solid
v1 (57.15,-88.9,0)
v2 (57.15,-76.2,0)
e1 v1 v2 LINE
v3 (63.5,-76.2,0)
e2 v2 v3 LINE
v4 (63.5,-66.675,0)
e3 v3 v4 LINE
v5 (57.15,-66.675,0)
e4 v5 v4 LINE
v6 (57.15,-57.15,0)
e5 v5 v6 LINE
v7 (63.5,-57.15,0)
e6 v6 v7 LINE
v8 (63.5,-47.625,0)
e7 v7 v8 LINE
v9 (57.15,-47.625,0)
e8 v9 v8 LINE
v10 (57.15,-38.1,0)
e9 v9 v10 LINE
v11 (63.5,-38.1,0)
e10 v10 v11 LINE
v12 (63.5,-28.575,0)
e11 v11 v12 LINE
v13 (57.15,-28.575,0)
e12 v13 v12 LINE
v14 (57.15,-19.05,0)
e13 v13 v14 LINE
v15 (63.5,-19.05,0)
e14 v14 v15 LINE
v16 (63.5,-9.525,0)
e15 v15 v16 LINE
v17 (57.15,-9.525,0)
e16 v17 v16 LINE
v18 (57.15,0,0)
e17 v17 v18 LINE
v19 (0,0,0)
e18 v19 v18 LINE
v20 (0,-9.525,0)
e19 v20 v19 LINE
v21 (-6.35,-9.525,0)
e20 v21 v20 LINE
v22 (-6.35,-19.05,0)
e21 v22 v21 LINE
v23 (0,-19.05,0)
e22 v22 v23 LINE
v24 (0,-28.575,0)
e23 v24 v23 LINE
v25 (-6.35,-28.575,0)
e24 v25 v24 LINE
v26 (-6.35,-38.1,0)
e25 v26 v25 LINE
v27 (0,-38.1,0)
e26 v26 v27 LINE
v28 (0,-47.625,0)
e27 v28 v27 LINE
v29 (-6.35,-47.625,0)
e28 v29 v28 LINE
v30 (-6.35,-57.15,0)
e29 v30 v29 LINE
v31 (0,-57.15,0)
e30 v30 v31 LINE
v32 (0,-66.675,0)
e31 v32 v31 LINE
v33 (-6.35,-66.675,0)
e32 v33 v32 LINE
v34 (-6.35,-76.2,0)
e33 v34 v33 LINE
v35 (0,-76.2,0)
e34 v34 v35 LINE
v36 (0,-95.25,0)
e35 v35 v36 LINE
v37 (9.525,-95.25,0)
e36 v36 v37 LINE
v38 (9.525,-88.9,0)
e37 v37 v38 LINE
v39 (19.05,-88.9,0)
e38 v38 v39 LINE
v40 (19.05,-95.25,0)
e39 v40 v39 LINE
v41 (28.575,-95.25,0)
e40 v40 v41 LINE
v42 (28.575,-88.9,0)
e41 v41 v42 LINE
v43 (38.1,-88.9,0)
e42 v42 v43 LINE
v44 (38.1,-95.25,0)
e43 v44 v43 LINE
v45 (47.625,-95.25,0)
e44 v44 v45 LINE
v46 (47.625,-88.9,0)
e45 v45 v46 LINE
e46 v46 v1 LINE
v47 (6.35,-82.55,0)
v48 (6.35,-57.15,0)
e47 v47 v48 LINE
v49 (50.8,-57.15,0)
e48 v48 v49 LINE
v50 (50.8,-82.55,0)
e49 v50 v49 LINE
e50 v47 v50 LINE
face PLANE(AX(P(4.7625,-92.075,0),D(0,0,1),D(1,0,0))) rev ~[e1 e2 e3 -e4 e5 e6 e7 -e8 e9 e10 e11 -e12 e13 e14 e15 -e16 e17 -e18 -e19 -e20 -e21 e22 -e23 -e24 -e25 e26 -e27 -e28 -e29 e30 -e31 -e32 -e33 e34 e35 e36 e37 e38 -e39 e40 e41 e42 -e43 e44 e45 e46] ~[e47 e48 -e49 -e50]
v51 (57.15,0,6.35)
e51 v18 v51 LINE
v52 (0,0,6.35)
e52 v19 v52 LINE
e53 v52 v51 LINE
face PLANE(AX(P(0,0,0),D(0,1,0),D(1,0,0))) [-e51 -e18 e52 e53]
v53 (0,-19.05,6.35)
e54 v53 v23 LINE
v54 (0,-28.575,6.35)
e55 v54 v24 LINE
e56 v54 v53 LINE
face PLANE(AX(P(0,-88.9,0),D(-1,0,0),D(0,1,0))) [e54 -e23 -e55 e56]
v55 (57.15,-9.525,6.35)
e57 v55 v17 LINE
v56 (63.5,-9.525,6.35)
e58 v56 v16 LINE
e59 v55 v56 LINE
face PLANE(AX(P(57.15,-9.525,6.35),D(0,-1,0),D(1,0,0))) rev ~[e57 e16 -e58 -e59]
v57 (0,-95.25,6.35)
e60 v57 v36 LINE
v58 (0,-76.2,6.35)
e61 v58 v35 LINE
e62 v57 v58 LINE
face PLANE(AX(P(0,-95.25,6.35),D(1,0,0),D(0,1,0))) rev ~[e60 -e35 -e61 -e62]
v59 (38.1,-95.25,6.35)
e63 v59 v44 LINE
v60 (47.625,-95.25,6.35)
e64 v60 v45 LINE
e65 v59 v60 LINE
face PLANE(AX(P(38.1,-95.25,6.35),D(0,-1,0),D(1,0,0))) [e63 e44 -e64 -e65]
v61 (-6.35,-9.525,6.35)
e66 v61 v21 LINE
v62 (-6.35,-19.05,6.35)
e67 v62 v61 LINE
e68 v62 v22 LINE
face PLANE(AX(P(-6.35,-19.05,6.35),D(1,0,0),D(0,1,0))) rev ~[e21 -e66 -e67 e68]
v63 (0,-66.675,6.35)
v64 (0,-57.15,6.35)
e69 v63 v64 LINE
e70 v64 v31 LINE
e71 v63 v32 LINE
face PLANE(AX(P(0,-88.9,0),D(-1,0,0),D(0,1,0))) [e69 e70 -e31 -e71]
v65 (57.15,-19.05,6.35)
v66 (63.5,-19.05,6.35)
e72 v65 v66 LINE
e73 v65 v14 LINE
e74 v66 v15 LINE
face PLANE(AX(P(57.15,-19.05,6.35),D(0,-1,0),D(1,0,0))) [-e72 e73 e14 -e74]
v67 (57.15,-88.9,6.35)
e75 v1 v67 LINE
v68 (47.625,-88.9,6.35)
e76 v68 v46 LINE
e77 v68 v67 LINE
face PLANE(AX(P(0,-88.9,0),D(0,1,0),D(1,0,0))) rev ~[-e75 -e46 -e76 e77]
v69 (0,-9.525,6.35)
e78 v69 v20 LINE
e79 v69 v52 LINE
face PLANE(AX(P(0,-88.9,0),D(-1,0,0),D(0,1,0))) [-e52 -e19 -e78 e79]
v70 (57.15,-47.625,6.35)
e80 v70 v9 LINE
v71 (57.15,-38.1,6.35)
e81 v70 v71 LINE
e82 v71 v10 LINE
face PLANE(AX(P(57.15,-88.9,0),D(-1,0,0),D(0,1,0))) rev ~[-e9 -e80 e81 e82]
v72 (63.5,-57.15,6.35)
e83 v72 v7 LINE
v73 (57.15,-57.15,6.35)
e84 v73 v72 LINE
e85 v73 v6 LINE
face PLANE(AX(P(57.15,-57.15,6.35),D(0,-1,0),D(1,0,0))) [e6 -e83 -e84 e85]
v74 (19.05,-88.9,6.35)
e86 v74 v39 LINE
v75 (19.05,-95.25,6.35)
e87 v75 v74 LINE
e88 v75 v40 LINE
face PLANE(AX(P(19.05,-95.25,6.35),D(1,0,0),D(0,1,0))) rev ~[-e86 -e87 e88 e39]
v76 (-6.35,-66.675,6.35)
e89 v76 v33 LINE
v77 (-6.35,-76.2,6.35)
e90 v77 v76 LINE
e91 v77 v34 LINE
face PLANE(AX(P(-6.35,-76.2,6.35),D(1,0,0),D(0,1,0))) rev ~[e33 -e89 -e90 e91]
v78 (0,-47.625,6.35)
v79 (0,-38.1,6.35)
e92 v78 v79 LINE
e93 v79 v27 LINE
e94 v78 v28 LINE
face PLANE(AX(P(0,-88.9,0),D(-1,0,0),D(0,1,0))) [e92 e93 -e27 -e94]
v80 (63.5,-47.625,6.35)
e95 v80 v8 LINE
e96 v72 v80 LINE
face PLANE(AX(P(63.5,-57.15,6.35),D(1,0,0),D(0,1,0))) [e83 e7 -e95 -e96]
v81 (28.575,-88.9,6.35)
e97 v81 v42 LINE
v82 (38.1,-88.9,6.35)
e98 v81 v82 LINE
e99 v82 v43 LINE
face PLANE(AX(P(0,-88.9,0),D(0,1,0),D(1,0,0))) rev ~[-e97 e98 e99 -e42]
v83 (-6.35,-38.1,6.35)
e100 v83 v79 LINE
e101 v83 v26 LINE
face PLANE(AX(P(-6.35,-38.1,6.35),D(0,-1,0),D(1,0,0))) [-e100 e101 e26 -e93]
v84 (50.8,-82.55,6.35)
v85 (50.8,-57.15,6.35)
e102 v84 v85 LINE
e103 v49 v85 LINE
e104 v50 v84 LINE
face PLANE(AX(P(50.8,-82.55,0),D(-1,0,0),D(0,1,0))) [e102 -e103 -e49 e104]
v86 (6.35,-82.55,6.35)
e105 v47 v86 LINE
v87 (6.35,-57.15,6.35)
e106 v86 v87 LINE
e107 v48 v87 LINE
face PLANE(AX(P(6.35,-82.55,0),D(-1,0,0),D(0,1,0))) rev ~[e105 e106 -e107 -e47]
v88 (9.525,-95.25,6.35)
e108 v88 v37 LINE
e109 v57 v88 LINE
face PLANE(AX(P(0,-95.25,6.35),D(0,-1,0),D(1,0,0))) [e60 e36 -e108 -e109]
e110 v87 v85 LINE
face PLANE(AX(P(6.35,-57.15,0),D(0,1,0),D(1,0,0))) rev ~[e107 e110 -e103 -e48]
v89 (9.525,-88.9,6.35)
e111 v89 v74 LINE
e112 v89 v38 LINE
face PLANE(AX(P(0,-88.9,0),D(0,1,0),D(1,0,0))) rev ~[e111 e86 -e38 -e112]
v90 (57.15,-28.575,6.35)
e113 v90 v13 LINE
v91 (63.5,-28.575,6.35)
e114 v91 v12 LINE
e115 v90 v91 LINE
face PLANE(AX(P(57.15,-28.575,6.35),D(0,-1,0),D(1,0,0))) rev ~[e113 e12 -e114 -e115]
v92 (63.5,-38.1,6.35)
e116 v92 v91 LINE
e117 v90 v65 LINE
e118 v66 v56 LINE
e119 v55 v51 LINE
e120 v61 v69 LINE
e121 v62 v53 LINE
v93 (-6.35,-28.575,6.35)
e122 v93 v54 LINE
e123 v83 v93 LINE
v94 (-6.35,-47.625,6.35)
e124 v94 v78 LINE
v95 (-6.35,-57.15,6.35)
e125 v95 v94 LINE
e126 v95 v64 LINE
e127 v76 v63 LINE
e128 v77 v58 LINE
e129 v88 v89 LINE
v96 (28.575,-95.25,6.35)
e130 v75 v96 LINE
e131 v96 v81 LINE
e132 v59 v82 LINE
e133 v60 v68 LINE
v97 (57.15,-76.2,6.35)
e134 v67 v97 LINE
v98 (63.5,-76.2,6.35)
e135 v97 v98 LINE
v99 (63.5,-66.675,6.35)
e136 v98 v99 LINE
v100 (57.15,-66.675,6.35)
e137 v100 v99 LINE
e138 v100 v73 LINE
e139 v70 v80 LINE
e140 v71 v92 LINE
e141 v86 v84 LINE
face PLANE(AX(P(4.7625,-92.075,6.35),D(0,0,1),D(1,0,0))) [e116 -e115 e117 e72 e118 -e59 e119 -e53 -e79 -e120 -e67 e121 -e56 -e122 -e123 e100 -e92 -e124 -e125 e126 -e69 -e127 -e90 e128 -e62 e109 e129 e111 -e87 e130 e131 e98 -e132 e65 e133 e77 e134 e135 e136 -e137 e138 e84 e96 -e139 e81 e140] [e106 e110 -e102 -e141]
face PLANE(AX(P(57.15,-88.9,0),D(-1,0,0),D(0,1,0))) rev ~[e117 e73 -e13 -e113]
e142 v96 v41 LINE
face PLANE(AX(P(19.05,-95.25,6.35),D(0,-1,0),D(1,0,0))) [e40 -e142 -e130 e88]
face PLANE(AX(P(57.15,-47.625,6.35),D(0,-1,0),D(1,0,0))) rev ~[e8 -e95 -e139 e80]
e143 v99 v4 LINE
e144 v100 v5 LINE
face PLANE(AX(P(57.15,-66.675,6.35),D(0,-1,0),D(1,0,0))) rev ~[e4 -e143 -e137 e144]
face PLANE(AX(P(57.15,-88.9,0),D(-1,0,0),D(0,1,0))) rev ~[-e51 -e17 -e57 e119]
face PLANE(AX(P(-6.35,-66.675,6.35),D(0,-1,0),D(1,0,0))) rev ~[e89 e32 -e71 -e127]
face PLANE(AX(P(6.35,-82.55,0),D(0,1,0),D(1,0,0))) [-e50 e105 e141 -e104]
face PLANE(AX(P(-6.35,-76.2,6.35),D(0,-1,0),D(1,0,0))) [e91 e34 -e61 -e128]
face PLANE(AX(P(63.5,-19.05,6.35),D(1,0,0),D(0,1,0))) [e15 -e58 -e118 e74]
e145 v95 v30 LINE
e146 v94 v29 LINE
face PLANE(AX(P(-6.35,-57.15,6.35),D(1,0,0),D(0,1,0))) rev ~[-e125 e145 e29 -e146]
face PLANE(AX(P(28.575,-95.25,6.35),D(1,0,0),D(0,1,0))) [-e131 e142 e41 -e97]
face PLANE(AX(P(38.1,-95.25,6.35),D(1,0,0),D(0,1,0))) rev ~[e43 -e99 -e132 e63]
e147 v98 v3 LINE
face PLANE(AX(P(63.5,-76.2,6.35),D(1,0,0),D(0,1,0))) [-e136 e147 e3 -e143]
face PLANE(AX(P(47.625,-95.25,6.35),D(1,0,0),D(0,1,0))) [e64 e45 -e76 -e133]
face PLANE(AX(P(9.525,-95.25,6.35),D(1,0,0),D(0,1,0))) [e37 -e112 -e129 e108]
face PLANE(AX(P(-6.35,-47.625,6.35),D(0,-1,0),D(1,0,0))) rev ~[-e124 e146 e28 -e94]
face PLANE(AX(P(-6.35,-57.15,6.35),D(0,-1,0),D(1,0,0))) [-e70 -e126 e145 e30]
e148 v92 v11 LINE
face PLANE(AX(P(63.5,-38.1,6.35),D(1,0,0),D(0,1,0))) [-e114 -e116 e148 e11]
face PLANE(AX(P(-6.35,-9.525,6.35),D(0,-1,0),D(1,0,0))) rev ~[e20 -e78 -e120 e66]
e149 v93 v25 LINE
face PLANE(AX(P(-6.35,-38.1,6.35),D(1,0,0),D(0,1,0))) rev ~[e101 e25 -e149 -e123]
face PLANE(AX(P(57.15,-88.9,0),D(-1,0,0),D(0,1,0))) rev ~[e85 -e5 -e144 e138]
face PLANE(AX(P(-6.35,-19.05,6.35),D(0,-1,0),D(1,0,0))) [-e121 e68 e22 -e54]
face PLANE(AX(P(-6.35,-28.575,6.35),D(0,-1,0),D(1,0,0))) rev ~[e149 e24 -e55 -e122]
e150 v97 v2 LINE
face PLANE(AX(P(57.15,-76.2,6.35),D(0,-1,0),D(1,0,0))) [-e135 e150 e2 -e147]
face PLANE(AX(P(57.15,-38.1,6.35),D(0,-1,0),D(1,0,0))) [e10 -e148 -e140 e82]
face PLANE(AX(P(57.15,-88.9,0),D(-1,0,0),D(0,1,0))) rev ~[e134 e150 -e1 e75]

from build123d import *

# Parameters (mm, degrees)
SKETCH1_W           = 57.15
SKETCH1_H           = 88.9
SKETCH1_W_2         = 44.45
SKETCH1_H_2         = 25.4
BOSS_EXTRUDE1_DEPTH = 6.35
SKETCH2_W           = 6.35
SKETCH2_H           = 9.525
SKETCH2_W_2         = 9.525
SKETCH2_H_2         = 6.35
BOSS_EXTRUDE3_DEPTH = 6.35


with BuildPart() as part:
    # Sketch1 → Boss-Extrude1 (new body)
    with BuildSketch(Plane.XY):
        with Locations((28.575, -44.45)):
            Rectangle(SKETCH1_W, SKETCH1_H)
        with Locations((28.575, -69.85)):
            Rectangle(SKETCH1_W_2, SKETCH1_H_2, mode=Mode.SUBTRACT)
    extrude(amount=BOSS_EXTRUDE1_DEPTH)

    # Sketch2 → Boss-Extrude3 (add)
    with BuildSketch(Plane.XY.offset(6.35)):
        with Locations((-3.175, -14.2875)):
            Rectangle(SKETCH2_W, SKETCH2_H)
        with Locations((-3.175, -33.3375)):
            Rectangle(SKETCH2_W, SKETCH2_H)
        with Locations((-3.175, -52.3875)):
            Rectangle(SKETCH2_W, SKETCH2_H)
        with Locations((-3.175, -71.4375)):
            Rectangle(SKETCH2_W, SKETCH2_H)
        with Locations((4.7625, -92.075)):
            Rectangle(SKETCH2_W_2, SKETCH2_H_2)
        with Locations((23.8125, -92.075)):
            Rectangle(SKETCH2_W_2, SKETCH2_H_2)
        with Locations((42.8625, -92.075)):
            Rectangle(SKETCH2_W_2, SKETCH2_H_2)
        with Locations((60.325, -14.2875)):
            Rectangle(SKETCH2_W, SKETCH2_H)
        with Locations((60.325, -33.3375)):
            Rectangle(SKETCH2_W, SKETCH2_H)
        with Locations((60.325, -71.4375)):
            Rectangle(SKETCH2_W, SKETCH2_H)
        with Locations((60.325, -52.3875)):
            Rectangle(SKETCH2_W, SKETCH2_H)
    extrude(amount=-BOSS_EXTRUDE3_DEPTH)


solid = part.part
